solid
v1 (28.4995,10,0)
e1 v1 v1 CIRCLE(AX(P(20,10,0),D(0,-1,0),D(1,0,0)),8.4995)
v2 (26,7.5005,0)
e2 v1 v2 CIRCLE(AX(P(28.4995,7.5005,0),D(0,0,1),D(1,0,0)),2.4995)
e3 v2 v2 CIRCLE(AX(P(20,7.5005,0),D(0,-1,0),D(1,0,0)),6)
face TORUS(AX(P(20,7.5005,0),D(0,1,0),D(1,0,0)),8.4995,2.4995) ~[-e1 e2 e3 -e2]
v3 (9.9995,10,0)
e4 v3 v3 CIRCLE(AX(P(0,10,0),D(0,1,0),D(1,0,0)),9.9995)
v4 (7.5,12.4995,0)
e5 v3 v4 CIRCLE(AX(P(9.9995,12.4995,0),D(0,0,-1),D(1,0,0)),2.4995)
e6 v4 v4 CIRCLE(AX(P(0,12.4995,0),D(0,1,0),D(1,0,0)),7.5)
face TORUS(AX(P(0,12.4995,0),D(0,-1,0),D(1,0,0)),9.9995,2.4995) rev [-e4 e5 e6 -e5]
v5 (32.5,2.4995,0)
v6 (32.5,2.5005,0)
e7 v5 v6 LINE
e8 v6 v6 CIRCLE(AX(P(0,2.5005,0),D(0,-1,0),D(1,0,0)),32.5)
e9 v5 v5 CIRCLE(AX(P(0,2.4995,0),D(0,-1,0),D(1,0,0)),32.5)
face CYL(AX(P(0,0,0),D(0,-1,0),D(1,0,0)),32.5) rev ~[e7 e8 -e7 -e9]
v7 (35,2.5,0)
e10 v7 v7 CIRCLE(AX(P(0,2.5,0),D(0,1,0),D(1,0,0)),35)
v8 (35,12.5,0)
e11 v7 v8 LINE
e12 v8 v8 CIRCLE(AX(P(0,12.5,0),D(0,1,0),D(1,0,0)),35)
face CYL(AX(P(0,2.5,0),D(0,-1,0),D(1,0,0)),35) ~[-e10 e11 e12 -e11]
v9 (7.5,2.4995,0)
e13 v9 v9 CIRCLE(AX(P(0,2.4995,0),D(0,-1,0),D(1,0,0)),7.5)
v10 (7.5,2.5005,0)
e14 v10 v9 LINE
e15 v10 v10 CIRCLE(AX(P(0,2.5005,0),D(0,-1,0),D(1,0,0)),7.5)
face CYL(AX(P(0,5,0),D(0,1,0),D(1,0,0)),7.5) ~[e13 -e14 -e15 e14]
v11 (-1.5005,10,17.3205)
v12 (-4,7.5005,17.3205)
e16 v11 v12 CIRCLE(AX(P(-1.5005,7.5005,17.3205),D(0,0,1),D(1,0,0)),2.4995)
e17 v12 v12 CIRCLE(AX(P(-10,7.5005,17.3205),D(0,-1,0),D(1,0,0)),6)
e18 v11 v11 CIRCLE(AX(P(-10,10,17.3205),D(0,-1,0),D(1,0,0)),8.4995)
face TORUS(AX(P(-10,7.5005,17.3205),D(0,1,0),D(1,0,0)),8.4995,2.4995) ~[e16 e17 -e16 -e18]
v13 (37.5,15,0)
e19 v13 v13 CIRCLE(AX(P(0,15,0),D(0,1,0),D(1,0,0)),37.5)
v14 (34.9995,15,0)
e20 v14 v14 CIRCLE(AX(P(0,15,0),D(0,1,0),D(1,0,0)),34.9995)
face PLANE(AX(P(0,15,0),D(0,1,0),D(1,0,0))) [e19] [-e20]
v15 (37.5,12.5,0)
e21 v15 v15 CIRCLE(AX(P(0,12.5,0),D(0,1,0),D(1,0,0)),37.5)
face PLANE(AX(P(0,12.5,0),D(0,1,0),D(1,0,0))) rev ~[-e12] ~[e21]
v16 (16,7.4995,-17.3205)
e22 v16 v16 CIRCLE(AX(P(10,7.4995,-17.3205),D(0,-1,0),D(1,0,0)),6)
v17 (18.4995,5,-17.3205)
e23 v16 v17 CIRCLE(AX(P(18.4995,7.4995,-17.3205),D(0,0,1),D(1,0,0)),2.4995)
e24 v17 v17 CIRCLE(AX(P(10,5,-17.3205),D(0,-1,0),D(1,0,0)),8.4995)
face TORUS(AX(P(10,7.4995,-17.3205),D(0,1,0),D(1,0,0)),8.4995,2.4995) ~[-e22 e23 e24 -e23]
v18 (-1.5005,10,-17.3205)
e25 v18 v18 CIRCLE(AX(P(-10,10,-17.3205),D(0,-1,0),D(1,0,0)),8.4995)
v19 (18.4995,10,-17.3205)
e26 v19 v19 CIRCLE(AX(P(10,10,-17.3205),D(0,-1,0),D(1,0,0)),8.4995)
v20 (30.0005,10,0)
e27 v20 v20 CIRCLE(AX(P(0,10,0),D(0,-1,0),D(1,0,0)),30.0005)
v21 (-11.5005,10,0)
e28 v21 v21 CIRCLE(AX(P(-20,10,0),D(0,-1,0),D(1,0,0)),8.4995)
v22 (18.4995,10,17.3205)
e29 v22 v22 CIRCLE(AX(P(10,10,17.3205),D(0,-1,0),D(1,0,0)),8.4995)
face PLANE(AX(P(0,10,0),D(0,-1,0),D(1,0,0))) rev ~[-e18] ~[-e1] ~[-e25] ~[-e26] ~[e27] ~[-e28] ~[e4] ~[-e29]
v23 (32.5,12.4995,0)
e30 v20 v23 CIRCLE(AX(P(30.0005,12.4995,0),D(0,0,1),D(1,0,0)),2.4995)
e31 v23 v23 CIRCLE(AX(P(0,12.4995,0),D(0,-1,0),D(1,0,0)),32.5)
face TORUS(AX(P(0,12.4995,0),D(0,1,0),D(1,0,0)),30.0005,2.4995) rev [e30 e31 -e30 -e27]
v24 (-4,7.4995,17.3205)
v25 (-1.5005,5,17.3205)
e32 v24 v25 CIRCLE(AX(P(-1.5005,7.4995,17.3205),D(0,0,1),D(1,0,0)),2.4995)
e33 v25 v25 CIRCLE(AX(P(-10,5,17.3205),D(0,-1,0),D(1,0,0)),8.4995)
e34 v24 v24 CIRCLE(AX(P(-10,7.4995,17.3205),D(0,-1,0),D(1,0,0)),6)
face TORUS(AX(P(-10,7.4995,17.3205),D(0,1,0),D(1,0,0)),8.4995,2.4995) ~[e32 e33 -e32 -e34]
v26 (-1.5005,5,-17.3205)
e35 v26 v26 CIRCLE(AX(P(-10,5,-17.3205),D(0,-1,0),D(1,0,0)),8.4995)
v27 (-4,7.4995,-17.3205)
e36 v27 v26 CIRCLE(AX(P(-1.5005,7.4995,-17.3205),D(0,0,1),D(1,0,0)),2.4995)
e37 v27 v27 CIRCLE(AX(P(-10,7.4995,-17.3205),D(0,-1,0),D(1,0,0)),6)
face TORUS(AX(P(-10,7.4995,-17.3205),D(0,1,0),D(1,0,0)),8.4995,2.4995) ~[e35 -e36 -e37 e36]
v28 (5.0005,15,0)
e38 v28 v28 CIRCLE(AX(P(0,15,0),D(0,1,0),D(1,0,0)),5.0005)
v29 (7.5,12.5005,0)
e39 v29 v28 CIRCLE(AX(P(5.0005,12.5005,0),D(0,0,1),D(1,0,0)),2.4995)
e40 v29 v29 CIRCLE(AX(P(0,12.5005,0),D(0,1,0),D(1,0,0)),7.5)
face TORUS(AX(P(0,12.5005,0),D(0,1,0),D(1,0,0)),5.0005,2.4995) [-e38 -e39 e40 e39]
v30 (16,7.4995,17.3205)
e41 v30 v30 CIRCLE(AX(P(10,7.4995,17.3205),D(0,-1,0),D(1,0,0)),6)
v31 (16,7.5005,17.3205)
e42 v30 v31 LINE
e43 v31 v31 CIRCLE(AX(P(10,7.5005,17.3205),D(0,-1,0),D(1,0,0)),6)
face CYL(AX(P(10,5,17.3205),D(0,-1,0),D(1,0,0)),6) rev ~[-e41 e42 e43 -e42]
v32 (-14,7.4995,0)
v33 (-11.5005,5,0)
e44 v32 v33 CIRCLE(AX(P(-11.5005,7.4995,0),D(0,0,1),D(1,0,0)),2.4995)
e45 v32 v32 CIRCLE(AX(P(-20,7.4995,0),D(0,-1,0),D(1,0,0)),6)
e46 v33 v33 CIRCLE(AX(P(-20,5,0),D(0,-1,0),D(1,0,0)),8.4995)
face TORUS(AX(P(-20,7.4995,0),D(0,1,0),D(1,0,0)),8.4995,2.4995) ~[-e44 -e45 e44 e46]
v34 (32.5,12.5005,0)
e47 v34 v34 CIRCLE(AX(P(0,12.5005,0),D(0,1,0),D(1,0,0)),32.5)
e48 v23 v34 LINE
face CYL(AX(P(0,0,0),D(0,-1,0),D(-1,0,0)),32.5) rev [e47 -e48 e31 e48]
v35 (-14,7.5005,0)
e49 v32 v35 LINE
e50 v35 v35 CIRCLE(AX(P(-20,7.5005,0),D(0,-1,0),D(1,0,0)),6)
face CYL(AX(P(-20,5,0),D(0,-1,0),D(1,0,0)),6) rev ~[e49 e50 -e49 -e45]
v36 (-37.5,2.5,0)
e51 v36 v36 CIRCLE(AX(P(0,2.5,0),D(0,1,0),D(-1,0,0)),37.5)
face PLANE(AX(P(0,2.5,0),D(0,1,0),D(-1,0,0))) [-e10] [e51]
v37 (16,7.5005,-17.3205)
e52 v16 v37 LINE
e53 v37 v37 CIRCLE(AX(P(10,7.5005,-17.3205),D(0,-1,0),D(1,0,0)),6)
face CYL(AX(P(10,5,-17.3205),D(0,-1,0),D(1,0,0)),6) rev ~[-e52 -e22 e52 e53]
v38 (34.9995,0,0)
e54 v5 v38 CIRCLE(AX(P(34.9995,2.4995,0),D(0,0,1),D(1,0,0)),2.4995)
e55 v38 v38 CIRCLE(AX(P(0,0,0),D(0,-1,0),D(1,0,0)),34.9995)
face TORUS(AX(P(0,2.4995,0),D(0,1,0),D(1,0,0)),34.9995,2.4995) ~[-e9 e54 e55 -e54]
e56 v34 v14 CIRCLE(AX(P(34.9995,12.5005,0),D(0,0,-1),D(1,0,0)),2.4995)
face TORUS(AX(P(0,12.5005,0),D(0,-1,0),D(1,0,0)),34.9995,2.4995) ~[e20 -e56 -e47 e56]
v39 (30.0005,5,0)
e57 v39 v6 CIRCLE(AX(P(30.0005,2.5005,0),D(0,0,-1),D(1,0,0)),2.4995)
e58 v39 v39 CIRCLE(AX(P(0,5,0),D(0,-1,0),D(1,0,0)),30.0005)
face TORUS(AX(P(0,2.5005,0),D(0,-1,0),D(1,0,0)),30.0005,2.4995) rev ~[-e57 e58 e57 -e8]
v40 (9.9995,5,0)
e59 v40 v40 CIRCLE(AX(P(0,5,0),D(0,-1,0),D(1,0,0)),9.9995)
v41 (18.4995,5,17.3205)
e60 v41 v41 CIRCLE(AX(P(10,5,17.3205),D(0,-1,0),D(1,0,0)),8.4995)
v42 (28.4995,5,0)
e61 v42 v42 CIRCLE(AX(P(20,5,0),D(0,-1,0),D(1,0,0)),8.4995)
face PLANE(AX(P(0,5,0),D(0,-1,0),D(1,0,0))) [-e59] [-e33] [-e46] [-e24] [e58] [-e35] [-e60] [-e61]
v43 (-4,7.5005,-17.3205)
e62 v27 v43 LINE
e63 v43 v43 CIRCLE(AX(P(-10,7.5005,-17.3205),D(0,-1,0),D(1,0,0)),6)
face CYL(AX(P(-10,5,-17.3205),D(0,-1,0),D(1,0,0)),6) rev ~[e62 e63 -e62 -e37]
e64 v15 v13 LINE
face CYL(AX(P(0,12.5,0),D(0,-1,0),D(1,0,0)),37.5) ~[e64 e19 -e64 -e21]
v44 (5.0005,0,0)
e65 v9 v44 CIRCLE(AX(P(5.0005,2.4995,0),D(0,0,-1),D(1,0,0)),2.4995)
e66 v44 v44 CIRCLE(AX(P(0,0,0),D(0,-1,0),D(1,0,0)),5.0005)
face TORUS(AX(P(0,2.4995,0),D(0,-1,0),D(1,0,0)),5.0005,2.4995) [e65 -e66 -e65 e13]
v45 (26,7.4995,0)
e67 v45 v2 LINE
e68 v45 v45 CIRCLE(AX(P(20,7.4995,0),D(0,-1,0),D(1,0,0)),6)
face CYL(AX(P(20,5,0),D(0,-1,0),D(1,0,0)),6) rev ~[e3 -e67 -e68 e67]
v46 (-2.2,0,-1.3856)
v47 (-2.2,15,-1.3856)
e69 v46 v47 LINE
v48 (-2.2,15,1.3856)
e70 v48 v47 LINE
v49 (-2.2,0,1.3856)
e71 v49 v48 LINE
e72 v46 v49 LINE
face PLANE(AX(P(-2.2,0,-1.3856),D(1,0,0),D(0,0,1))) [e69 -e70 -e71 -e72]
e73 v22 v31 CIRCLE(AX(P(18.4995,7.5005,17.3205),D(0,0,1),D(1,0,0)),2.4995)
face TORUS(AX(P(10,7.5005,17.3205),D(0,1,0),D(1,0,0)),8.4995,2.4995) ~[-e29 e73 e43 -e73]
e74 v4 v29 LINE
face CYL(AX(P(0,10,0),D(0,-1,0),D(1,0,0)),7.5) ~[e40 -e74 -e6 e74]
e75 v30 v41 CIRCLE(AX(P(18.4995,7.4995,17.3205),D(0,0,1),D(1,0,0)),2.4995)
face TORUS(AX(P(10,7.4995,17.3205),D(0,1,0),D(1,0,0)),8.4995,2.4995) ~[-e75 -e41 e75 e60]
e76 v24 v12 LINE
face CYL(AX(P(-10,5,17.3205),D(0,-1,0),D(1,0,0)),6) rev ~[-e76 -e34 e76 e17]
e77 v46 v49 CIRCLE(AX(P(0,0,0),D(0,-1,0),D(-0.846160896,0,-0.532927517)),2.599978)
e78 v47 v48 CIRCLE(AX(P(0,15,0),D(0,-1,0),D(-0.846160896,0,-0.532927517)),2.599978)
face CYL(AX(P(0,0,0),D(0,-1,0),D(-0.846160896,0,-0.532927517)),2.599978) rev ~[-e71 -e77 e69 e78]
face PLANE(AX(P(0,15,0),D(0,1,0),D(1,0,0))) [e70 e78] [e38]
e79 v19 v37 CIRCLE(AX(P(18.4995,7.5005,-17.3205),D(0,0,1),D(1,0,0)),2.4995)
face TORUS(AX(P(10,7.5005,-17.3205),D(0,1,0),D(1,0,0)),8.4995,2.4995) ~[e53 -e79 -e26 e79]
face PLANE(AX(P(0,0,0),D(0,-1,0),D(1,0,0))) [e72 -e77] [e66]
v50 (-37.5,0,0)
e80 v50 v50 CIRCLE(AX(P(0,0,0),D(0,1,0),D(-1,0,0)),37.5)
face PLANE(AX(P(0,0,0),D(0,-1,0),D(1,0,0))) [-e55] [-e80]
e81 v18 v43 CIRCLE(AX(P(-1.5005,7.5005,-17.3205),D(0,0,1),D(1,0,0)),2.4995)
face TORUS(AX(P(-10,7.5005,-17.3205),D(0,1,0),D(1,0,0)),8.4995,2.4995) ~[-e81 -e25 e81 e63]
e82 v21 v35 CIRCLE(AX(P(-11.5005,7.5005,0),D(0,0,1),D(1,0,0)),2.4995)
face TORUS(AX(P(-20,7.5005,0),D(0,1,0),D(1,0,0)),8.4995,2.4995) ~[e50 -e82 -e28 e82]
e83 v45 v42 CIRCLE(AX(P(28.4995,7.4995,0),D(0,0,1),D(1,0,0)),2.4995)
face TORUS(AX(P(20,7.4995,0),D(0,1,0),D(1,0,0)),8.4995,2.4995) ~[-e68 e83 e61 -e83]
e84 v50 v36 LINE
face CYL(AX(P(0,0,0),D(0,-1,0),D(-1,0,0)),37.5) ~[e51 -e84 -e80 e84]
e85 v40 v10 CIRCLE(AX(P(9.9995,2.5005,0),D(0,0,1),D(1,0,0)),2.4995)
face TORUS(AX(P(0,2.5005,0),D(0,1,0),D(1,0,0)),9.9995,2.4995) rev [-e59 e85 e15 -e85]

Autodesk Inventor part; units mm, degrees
ref_plane "YZ Plane" through (0, 0, 0) normal (1, 0, 0) x (0, 1, 0)
ref_plane "XZ Plane" through (0, 0, 0) normal (0, 1, 0) x (-1, 0, 0)
ref_plane "XY Plane" through (0, 0, 0) normal (0, 0, 1) x (1, 0, 0)
sketch "Sketch1" plane through (0, 0, 0) normal (0, 1, 0) x (-1, 0, 0)
  circle A0 centre (0, 0) radius 37.5
  circle A1 centre (0, 0) radius 32.5
  dimension "d0" = 75
  dimension "d1" = 65
extrude "Extrusion1" add sketch "Sketch1" along normal blind 2.5
sketch "Sketch2" plane through (0, 2.5, 0) normal (0, 1, 0) x (1, 0, 0)
  circle A0 centre (0, 0) radius 32.5 projected
  circle A1 centre (0, 0) radius 35
  dimension "d4" = 70
extrude "Extrusion2" add sketch "Sketch2" along normal blind 10
sketch "Sketch3" plane through (0, 12.5, 0) normal (0, 1, 0) x (1, 0, 0)
  circle A0 centre (0, 0) radius 32.5 projected
  circle A1 centre (0, 0) radius 37.5 projected
extrude "Extrusion3" add sketch "Sketch3" along normal blind 2.5
sketch "Sketch4" plane through (0, 0, 0) normal (0, -1, 0) x (1, 0, 0)
  circle A0 centre (0, 0) radius 32.5 projected
extrude "Extrusion4" add sketch "Sketch4" against normal blind 10
sketch "Sketch5" plane through (0, 0, 0) normal (0, -1, 0) x (1, 0, 0)
  circle A0 centre (0, 0) radius 32.5
  dimension "d11" = 65
extrude "Extrusion5" cut sketch "Sketch5" against normal blind 5
sketch "Sketch6" plane through (0, 5, 0) normal (0, -1, 0) x (1, 0, 0)
  circle A0 centre (20, 0) radius 6
  circle A1 centre (10, 17.3205) radius 6
  circle A2 centre (-10, 17.3205) radius 6
  circle A3 centre (-20, 0) radius 6
  circle A4 centre (-10, -17.3205) radius 6
  circle A5 centre (10, -17.3205) radius 6
  point P0 (0, 0)
  dimension "d14" = 12
  dimension "d15" = 20
  dimension "d18" = 360
extrude "Extrusion6" cut sketch "Sketch6" against normal blind 10
sketch "Sketch7" plane through (0, 5, 0) normal (0, -1, 0) x (1, 0, 0)
  circle A0 centre (0, 0) radius 7.5
  dimension "d22" = 15
extrude "Extrusion7" add sketch "Sketch7" along normal blind 5
sketch "Sketch8" plane through (0, 10, 0) normal (0, 1, 0) x (1, 0, 0)
  circle A0 centre (0, 0) radius 7.5
  dimension "d25" = 15
extrude "Extrusion8" add sketch "Sketch8" along normal blind 5
sketch "Sketch9" plane through (0, 0, 0) normal (0, -1, 0) x (1, 0, 0)
  arc A0 (-2.2, -1.3856) -> (-2.2, 1.3856) centre (0, 0) ccw
  line L0 (-2.2, -1.3856) -> (-2.2, 1.3856)
  point P0 (-2.2, 0)
  dimension "d28" = 5.2
  dimension "d29" = 2.2
extrude "Extrusion9" cut sketch "Sketch9" against normal through all
fillet "Fillet1" radius 2.5 2 edges at (-7.5, 15, 0) (-7.5, 10, 0)
fillet "Fillet2" radius 2.5 2 edges at (-7.5, 5, 0) (-7.5, 0, 0)
fillet "Fillet3" radius 2.5 2 edges at (-32.5, 0, 0) (-32.5, 5, 0)
fillet "Fillet4" radius 2.5 2 edges at (-32.5, 15, 0) (-32.5, 10, 0)
fillet "Fillet5" radius 2.5 12 edges at (-26, 10, 0) (-26, 5, 0) (-16, 10, -17.3205) (-16, 5, -17.3205) (4, 10, -17.3205) (4, 5, -17.3205) (14, 10, 0) (14, 5, 0) (4, 10, 17.3205) (4, 5, 17.3205) (-16, 10, 17.3205) (-16, 5, 17.3205)
properties part number "Ruedas_Rover_Aro"
